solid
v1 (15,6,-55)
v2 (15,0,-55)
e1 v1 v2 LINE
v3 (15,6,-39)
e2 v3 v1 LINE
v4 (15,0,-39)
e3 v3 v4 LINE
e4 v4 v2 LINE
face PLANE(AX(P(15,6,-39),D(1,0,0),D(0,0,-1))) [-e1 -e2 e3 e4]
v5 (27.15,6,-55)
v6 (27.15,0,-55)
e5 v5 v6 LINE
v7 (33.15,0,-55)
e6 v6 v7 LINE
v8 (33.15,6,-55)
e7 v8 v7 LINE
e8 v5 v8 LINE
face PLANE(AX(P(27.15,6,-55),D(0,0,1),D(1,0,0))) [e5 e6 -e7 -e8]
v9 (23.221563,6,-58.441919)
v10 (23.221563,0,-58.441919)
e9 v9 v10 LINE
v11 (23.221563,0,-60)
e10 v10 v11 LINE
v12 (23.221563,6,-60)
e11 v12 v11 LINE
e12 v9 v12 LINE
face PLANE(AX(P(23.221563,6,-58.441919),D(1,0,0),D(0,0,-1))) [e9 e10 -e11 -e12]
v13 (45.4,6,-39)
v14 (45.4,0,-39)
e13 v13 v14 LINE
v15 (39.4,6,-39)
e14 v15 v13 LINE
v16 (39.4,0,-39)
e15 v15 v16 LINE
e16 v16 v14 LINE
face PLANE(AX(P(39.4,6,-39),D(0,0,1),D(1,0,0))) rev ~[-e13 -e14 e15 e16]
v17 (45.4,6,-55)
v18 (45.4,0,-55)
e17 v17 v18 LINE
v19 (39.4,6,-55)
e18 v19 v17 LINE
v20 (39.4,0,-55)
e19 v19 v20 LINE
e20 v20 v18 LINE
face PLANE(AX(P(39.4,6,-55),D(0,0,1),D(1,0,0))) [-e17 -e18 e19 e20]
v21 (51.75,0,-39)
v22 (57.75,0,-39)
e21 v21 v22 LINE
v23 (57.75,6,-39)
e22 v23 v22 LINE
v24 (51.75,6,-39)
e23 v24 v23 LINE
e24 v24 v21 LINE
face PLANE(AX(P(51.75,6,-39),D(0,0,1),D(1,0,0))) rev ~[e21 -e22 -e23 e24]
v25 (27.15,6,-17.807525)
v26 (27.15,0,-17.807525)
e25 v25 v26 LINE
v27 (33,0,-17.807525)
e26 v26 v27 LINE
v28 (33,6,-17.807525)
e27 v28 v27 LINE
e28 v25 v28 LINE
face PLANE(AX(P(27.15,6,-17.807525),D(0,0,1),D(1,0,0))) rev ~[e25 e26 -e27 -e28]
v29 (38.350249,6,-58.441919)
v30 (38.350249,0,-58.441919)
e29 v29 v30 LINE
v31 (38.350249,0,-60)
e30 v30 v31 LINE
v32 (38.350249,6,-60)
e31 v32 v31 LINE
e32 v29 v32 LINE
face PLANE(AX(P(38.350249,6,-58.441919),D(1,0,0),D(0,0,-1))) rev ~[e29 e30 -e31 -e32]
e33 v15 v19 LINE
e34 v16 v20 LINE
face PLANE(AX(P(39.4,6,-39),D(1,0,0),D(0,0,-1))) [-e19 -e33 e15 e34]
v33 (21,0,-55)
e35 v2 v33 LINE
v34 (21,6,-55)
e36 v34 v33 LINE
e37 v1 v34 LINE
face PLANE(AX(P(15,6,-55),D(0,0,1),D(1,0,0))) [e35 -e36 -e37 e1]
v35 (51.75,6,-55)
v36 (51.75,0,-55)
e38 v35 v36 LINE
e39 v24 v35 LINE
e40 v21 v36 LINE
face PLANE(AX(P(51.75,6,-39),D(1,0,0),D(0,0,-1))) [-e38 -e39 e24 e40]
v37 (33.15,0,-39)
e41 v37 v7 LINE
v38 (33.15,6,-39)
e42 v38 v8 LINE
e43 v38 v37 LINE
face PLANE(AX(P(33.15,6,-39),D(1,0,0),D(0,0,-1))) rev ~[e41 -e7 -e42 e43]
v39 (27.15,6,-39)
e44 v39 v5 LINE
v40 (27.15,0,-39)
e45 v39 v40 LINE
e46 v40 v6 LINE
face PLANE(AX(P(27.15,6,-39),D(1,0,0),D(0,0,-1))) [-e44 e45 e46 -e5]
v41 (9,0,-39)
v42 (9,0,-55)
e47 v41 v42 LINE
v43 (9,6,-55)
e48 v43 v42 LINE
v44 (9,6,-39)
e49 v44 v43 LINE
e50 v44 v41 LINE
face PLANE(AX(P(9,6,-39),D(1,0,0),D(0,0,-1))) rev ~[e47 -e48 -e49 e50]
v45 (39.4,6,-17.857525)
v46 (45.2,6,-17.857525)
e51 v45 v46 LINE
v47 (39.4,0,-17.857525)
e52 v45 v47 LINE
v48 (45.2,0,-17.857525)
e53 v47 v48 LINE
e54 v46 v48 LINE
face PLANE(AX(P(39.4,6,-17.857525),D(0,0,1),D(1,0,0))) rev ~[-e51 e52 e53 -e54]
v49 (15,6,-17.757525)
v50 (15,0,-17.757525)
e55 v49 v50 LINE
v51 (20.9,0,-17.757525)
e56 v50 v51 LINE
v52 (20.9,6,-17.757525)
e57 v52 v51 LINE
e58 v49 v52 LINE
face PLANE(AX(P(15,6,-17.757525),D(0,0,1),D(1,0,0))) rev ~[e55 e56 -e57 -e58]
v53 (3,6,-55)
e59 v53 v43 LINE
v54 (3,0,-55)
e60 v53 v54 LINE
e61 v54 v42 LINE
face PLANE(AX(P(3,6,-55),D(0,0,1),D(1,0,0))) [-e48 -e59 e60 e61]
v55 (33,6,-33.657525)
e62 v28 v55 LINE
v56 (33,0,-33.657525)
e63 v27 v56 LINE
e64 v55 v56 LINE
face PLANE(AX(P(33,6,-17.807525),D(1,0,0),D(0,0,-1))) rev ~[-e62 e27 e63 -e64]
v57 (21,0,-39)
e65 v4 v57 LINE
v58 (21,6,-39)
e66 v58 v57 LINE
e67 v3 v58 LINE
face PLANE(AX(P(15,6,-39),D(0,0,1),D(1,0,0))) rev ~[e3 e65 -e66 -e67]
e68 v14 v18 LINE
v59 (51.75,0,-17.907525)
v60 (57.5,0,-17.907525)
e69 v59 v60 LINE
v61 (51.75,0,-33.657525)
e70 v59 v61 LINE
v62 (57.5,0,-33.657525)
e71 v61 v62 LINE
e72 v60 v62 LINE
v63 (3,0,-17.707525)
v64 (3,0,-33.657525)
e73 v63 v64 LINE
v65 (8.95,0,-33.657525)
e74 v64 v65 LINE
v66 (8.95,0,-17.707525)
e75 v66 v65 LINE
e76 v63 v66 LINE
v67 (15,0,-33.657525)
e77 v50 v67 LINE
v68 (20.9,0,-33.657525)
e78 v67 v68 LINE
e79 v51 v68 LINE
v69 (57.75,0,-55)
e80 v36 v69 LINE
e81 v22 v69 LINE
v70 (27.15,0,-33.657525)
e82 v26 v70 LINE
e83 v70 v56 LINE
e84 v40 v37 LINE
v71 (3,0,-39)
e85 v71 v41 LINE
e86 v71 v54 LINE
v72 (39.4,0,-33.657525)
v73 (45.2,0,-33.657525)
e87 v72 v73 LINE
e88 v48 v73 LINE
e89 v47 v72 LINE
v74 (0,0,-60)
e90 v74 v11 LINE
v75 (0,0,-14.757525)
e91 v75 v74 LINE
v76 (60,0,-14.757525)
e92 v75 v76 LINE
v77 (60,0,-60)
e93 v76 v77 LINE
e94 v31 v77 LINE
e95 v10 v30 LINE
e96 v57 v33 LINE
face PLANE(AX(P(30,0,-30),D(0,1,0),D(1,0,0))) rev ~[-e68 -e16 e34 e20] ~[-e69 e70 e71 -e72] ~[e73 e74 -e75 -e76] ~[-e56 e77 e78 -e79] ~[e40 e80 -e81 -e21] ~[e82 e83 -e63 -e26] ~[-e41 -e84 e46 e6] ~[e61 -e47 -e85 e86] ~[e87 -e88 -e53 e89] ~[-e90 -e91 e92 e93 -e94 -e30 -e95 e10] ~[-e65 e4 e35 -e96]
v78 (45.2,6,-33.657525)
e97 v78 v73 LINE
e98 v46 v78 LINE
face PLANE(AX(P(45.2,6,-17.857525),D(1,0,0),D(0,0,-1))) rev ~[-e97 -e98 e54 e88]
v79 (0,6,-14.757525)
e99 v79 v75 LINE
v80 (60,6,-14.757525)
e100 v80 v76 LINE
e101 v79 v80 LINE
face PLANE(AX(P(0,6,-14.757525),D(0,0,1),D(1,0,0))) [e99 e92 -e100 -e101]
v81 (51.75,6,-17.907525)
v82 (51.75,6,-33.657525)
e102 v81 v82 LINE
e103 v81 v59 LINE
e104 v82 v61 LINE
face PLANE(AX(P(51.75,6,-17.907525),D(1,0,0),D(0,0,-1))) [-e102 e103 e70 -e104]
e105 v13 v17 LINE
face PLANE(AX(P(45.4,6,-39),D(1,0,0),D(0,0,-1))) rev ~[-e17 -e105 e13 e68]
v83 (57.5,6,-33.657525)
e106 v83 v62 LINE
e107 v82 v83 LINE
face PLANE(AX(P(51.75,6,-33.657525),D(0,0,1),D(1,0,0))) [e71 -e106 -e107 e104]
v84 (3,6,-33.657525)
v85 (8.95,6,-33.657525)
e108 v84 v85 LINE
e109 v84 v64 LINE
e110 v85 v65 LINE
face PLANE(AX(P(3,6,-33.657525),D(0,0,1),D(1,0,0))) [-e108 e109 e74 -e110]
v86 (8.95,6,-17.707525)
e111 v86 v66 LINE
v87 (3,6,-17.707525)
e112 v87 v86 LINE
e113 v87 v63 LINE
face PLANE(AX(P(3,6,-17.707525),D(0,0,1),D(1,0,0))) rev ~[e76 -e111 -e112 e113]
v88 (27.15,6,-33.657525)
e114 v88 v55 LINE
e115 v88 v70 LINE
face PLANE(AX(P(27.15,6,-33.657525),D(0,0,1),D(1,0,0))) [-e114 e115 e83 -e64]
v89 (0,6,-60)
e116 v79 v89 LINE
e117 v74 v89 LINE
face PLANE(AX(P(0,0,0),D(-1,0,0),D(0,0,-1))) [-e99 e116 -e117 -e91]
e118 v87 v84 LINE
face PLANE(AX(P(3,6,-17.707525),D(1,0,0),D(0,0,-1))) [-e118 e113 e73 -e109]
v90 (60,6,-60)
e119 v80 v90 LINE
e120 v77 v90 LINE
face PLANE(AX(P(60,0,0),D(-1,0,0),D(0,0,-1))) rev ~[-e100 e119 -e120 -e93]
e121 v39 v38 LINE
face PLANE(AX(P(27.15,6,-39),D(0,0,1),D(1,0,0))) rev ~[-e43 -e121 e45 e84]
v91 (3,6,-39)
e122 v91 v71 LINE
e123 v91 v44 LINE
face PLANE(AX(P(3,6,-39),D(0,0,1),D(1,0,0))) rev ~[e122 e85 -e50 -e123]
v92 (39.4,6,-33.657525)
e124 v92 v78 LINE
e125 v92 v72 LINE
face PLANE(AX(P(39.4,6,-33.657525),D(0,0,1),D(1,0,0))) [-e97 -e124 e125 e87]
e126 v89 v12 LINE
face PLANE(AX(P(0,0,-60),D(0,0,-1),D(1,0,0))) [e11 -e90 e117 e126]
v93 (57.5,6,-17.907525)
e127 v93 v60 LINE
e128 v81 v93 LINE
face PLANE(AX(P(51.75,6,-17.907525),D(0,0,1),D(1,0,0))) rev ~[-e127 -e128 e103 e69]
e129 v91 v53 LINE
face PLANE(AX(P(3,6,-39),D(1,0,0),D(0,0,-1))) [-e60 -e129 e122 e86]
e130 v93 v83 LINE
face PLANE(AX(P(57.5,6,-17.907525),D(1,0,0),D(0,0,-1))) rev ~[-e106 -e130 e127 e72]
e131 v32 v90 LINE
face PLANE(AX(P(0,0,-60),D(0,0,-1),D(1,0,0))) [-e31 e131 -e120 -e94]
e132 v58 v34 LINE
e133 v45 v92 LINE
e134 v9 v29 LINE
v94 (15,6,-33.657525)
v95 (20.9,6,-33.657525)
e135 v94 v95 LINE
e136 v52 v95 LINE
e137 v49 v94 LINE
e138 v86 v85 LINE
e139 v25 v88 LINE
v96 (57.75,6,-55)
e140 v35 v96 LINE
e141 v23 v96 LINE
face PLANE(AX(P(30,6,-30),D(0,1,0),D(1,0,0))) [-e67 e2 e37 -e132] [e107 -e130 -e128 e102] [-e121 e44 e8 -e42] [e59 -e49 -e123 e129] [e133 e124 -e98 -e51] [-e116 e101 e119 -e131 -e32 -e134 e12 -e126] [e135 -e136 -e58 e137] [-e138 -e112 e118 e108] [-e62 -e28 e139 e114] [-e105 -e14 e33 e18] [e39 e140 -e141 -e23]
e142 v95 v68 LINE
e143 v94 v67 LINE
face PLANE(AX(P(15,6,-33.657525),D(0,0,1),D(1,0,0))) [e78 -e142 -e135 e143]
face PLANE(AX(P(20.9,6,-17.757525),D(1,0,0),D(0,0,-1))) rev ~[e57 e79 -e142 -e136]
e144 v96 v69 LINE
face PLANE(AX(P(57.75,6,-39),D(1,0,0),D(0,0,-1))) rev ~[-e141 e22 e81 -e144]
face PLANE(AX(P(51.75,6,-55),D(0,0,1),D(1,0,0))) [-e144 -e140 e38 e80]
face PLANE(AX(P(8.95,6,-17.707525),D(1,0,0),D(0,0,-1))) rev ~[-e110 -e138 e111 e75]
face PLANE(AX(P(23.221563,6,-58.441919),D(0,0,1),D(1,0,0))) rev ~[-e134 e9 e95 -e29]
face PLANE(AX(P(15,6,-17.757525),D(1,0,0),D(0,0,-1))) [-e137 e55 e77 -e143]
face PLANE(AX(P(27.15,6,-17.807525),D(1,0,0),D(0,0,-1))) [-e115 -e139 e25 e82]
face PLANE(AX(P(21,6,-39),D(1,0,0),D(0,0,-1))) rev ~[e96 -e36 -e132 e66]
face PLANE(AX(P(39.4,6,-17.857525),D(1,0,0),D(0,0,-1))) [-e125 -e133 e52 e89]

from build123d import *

# Parameters (mm, degrees)
SKETCH1_W           = 60
SKETCH1_H           = 60
BOSS_EXTRUDE1_DEPTH = 6
SKETCH2_W           = 6
SKETCH2_H           = 16
SKETCH2_W_2         = 5.95
SKETCH2_H_2         = 15.95
SKETCH2_W_3         = 5.9
SKETCH2_H_3         = 15.9
SKETCH2_W_4         = 5.85
SKETCH2_H_4         = 15.85
SKETCH2_W_5         = 5.8
SKETCH2_H_5         = 15.8
SKETCH2_W_6         = 5.75
SKETCH2_H_6         = 15.75
CUT_EXTRUDE1_DEPTH  = 6
SKETCH3_W           = 15.128686335
SKETCH3_H           = 1.558081165
CUT_EXTRUDE2_DEPTH  = 6
SKETCH4_W           = 60
SKETCH4_H           = 14.757524832
CUT_EXTRUDE3_DEPTH  = 6


with BuildPart() as part:
    # Sketch1 → Boss-Extrude1 (new body)
    with BuildSketch(Plane(origin=(0, 0, 0), x_dir=(1, 0, 0), z_dir=(0, 1, 0))):
        with Locations((30, 30)):
            Rectangle(SKETCH1_W, SKETCH1_H)
    extrude(amount=BOSS_EXTRUDE1_DEPTH)

    # Sketch2 → Cut-Extrude1 (cut)
    with BuildSketch(Plane(origin=(0, 6, 0), x_dir=(1, 0, 0), z_dir=(0, 1, 0))):
        with Locations((6, 47)):
            Rectangle(SKETCH2_W, SKETCH2_H)
        with Locations((18, 47)):
            Rectangle(SKETCH2_W, SKETCH2_H)
        with Locations((30.15, 47)):
            Rectangle(SKETCH2_W, SKETCH2_H)
        with Locations((42.4, 47)):
            Rectangle(SKETCH2_W, SKETCH2_H)
        with Locations((54.75, 47)):
            Rectangle(SKETCH2_W, SKETCH2_H)
        with Locations((5.975, 25.682524832)):
            Rectangle(SKETCH2_W_2, SKETCH2_H_2)
        with Locations((17.95, 25.707524832)):
            Rectangle(SKETCH2_W_3, SKETCH2_H_3)
        with Locations((30.075, 25.732524832)):
            Rectangle(SKETCH2_W_4, SKETCH2_H_4)
        with Locations((42.3, 25.757524832)):
            Rectangle(SKETCH2_W_5, SKETCH2_H_5)
        with Locations((54.625, 25.782524832)):
            Rectangle(SKETCH2_W_6, SKETCH2_H_6)
    extrude(amount=-CUT_EXTRUDE1_DEPTH, mode=Mode.SUBTRACT)

    # Sketch3 → Cut-Extrude2 (cut)
    with BuildSketch(Plane(origin=(0, 6, 0), x_dir=(1, 0, 0), z_dir=(0, 1, 0))):
        with Locations((30.785905784, 59.220959418)):
            Rectangle(SKETCH3_W, SKETCH3_H)
    extrude(amount=-CUT_EXTRUDE2_DEPTH, mode=Mode.SUBTRACT)

    # Sketch4 → Cut-Extrude3 (cut)
    with BuildSketch(Plane(origin=(0, 6, 0), x_dir=(1, 0, 0), z_dir=(0, 1, 0))):
        with Locations((30, 7.378762416)):
            Rectangle(SKETCH4_W, SKETCH4_H)
    extrude(amount=-CUT_EXTRUDE3_DEPTH, mode=Mode.SUBTRACT)


solid = part.part
